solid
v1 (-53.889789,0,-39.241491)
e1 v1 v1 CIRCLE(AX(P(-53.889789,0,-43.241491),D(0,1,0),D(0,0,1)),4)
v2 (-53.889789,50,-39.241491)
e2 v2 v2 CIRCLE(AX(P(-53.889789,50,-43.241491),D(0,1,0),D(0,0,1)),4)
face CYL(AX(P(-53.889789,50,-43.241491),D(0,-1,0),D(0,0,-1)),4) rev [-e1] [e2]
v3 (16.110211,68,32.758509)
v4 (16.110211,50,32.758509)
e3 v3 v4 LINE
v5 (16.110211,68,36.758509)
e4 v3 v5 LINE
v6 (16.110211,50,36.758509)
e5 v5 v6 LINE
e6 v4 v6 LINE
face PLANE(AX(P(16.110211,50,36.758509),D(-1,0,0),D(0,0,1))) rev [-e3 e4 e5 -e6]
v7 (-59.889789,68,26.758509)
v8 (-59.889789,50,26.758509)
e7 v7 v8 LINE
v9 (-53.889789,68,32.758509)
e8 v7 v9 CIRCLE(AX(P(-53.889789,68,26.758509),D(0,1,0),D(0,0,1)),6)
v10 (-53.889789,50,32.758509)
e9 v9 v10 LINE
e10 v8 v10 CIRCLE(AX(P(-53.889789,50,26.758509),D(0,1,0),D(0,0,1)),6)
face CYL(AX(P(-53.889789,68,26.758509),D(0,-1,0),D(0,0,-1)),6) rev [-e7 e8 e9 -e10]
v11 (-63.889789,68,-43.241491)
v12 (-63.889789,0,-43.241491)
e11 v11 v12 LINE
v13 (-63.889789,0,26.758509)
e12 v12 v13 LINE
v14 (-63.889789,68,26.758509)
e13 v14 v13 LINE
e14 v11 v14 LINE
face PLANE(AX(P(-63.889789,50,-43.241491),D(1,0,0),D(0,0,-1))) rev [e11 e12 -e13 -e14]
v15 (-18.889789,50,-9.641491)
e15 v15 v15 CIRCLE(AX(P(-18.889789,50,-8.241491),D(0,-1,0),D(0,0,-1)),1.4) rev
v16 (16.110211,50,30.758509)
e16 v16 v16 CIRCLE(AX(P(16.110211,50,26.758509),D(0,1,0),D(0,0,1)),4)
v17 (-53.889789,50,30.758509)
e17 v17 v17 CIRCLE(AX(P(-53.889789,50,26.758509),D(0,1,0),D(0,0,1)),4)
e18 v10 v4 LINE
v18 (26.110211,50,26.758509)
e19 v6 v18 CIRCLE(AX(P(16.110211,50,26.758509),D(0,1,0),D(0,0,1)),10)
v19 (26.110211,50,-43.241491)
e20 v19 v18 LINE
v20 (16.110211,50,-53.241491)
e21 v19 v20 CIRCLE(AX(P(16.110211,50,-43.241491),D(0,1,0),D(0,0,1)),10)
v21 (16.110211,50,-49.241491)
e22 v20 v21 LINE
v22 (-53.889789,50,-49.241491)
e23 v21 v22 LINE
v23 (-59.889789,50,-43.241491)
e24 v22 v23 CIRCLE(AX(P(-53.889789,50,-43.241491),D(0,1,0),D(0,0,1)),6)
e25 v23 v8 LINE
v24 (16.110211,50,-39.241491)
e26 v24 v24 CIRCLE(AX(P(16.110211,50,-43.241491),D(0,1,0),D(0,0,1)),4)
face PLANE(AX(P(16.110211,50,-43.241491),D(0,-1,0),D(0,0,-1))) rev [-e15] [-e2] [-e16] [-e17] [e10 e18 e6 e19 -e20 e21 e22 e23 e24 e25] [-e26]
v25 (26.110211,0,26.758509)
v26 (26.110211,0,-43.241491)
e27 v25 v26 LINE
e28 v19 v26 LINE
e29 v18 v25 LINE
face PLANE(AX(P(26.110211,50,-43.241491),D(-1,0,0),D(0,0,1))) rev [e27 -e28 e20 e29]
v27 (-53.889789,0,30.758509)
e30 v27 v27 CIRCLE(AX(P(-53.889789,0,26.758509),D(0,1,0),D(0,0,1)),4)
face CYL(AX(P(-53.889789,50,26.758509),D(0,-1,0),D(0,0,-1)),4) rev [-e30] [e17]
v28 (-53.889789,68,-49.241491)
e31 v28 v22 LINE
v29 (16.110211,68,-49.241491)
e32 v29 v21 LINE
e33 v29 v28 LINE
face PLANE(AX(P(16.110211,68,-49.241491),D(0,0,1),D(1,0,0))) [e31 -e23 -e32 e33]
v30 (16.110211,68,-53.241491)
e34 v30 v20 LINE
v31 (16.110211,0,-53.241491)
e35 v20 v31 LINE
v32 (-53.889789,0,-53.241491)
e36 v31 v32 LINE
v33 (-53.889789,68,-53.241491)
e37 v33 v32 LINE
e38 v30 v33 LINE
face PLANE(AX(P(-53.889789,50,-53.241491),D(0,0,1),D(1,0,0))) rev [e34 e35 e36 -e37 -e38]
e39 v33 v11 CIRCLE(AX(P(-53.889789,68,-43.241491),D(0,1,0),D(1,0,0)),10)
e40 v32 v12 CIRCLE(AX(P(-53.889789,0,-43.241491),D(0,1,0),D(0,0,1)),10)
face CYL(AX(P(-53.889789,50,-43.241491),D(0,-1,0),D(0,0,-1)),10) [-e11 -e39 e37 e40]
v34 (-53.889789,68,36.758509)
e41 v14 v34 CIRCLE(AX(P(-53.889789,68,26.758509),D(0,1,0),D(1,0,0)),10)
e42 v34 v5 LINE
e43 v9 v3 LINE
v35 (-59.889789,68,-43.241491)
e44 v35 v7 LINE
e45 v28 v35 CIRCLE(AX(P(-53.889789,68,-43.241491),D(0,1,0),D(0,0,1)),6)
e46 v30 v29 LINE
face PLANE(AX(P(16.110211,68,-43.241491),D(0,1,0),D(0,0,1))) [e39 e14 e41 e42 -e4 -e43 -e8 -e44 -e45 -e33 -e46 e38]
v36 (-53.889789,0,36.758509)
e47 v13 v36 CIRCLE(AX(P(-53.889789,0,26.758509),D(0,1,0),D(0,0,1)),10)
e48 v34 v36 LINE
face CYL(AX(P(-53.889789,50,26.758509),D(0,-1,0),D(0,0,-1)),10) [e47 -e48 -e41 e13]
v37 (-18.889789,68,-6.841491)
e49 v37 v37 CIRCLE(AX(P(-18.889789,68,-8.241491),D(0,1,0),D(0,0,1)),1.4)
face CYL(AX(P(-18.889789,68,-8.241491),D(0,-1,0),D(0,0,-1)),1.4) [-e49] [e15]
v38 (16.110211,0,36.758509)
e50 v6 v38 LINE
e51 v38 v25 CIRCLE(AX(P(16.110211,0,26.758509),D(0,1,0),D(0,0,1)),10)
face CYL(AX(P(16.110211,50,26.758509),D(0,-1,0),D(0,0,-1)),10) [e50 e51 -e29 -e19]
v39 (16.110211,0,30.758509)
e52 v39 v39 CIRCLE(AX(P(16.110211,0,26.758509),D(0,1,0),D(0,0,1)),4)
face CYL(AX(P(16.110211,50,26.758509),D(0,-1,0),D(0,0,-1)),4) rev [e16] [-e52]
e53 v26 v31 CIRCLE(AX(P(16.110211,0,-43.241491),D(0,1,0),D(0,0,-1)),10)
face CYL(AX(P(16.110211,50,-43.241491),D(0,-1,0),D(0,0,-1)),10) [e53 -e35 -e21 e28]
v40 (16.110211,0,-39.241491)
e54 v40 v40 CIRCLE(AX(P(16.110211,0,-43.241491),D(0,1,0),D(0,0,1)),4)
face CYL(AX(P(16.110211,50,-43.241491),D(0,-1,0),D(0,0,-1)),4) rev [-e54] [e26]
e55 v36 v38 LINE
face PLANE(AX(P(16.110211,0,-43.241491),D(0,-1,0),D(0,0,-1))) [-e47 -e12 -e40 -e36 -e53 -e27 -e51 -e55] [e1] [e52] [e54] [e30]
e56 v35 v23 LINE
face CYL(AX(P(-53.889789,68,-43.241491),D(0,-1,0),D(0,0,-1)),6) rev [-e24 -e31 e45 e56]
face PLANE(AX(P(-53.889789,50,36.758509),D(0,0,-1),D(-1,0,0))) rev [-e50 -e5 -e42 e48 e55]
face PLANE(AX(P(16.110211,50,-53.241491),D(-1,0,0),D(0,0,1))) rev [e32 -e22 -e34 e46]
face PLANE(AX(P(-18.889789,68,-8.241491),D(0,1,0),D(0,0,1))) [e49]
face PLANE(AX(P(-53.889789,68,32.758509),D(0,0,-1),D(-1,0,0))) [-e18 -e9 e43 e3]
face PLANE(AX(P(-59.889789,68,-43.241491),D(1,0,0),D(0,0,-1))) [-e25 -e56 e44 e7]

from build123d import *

# Parameters (mm, degrees)
SKETCH1_R           = 4
BOSS_EXTRUDE1_DEPTH = 50
EXTRUDE_THIN1_DEPTH = 18
SKETCH3_R           = 1.4
BOSS_EXTRUDE2_DEPTH = 18
SKETCH4_W           = 4.41201188
SKETCH4_H           = 70
CUT_EXTRUDE1_DEPTH  = 18
SKETCH5_W           = 12.080222771
SKETCH5_H           = 13.922777815
SKETCH5_W_2         = 14.701199749
SKETCH5_H_2         = 17.828925886
CUT_EXTRUDE2_DEPTH  = 18


with BuildPart() as part:
    # Sketch1 → Boss-Extrude1 (new body)
    with BuildSketch(Plane(origin=(0, 0, 0), x_dir=(1, 0, 0), z_dir=(0, 1, 0))):
        with BuildLine():
            Line((-53.889789303, 53.241491086), (16.110210697, 53.241491086))
            ThreePointArc((16.110210697, 53.241491086), (23.181278509, 50.312558898), (26.110210697, 43.241491086))
            Line((26.110210697, 43.241491086), (26.110210697, -26.758508914))
            ThreePointArc((26.110210697, -26.758508914), (23.181278509, -33.829576726), (16.110210697, -36.758508914))
            Line((16.110210697, -36.758508914), (-53.889789303, -36.758508914))
            ThreePointArc((-53.889789303, -36.758508914), (-60.960857115, -33.829576726), (-63.889789303, -26.758508914))
            Line((-63.889789303, -26.758508914), (-63.889789303, 43.241491086))
            ThreePointArc((-63.889789303, 43.241491086), (-60.960857115, 50.312558898), (-53.889789303, 53.241491086))
        make_face()
        with Locations(Location((-53.889789303, 43.241491086, 0), (0, 0, 270))):
            Circle(SKETCH1_R, mode=Mode.SUBTRACT)
        with Locations(Location((16.110210697, 43.241491086, 0), (0, 0, 270))):
            Circle(SKETCH1_R, mode=Mode.SUBTRACT)
        with Locations(Location((16.110210697, -26.758508914, 0), (0, 0, 270))):
            Circle(SKETCH1_R, mode=Mode.SUBTRACT)
        with Locations(Location((-53.889789303, -26.758508914, 0), (0, 0, 270))):
            Circle(SKETCH1_R, mode=Mode.SUBTRACT)
    extrude(amount=BOSS_EXTRUDE1_DEPTH)

    # Sketch2 → Extrude-Thin1 (add)
    with BuildSketch(Plane(origin=(0, 50, 0), x_dir=(1, 0, 0), z_dir=(0, 1, 0))):
        with BuildLine():
            Line((26.110210697, -26.758508914), (26.110210697, 43.241491086))
            ThreePointArc((26.110210697, 43.241491086), (23.181278509, 50.312558898), (16.110210697, 53.241491086))
            Line((16.110210697, 53.241491086), (-53.889789303, 53.241491086))
            ThreePointArc((-53.889789303, 53.241491086), (-60.960857115, 50.312558898), (-63.889789303, 43.241491086))
            Line((-63.889789303, 43.241491086), (-63.889789303, -26.758508914))
            ThreePointArc((-63.889789303, -26.758508914), (-60.960857115, -33.829576726), (-53.889789303, -36.758508914))
            Line((-53.889789303, -36.758508914), (16.110210697, -36.758508914))
            ThreePointArc((16.110210697, -36.758508914), (23.181278509, -33.829576726), (26.110210697, -26.758508914))
        make_face()
        with BuildLine():
            Line((22.110210697, -26.758508914), (22.110210697, 43.241491086))
            ThreePointArc((22.110210697, 43.241491086), (20.352851384, 47.484131773), (16.110210697, 49.241491086))
            Line((16.110210697, 49.241491086), (-53.889789303, 49.241491086))
            ThreePointArc((-53.889789303, 49.241491086), (-58.13242999, 47.484131773), (-59.889789303, 43.241491086))
            Line((-59.889789303, 43.241491086), (-59.889789303, -26.758508914))
            ThreePointArc((-59.889789303, -26.758508914), (-58.13242999, -31.001149601), (-53.889789303, -32.758508914))
            Line((-53.889789303, -32.758508914), (16.110210697, -32.758508914))
            ThreePointArc((16.110210697, -32.758508914), (20.352851384, -31.001149601), (22.110210697, -26.758508914))
        make_face(mode=Mode.SUBTRACT)
    extrude(amount=EXTRUDE_THIN1_DEPTH)

    # Sketch3 → Boss-Extrude2 (add)
    with BuildSketch(Plane(origin=(0, 50, 0), x_dir=(1, 0, 0), z_dir=(0, 1, 0))):
        with Locations(Location((-18.889789303, 8.241491086, 0), (0, 0, 90))):
            Circle(SKETCH3_R)
    extrude(amount=BOSS_EXTRUDE2_DEPTH)

    # Sketch4 → Cut-Extrude1 (cut)
    with BuildSketch(Plane(origin=(0, 68, 0), x_dir=(1, 0, 0), z_dir=(0, 1, 0))):
        with Locations((24.316216637, 8.241491086)):
            Rectangle(SKETCH4_W, SKETCH4_H)
    extrude(amount=-CUT_EXTRUDE1_DEPTH, mode=Mode.SUBTRACT)

    # Sketch5 → Cut-Extrude2 (cut)
    with BuildSketch(Plane(origin=(0, 68, 0), x_dir=(1, 0, 0), z_dir=(0, 1, 0))):
        with Locations((22.150322083, 46.280102179)):
            Rectangle(SKETCH5_W, SKETCH5_H)
        with Locations((23.460810572, -27.844045971)):
            Rectangle(SKETCH5_W_2, SKETCH5_H_2)
    extrude(amount=-CUT_EXTRUDE2_DEPTH, mode=Mode.SUBTRACT)


solid = part.part
